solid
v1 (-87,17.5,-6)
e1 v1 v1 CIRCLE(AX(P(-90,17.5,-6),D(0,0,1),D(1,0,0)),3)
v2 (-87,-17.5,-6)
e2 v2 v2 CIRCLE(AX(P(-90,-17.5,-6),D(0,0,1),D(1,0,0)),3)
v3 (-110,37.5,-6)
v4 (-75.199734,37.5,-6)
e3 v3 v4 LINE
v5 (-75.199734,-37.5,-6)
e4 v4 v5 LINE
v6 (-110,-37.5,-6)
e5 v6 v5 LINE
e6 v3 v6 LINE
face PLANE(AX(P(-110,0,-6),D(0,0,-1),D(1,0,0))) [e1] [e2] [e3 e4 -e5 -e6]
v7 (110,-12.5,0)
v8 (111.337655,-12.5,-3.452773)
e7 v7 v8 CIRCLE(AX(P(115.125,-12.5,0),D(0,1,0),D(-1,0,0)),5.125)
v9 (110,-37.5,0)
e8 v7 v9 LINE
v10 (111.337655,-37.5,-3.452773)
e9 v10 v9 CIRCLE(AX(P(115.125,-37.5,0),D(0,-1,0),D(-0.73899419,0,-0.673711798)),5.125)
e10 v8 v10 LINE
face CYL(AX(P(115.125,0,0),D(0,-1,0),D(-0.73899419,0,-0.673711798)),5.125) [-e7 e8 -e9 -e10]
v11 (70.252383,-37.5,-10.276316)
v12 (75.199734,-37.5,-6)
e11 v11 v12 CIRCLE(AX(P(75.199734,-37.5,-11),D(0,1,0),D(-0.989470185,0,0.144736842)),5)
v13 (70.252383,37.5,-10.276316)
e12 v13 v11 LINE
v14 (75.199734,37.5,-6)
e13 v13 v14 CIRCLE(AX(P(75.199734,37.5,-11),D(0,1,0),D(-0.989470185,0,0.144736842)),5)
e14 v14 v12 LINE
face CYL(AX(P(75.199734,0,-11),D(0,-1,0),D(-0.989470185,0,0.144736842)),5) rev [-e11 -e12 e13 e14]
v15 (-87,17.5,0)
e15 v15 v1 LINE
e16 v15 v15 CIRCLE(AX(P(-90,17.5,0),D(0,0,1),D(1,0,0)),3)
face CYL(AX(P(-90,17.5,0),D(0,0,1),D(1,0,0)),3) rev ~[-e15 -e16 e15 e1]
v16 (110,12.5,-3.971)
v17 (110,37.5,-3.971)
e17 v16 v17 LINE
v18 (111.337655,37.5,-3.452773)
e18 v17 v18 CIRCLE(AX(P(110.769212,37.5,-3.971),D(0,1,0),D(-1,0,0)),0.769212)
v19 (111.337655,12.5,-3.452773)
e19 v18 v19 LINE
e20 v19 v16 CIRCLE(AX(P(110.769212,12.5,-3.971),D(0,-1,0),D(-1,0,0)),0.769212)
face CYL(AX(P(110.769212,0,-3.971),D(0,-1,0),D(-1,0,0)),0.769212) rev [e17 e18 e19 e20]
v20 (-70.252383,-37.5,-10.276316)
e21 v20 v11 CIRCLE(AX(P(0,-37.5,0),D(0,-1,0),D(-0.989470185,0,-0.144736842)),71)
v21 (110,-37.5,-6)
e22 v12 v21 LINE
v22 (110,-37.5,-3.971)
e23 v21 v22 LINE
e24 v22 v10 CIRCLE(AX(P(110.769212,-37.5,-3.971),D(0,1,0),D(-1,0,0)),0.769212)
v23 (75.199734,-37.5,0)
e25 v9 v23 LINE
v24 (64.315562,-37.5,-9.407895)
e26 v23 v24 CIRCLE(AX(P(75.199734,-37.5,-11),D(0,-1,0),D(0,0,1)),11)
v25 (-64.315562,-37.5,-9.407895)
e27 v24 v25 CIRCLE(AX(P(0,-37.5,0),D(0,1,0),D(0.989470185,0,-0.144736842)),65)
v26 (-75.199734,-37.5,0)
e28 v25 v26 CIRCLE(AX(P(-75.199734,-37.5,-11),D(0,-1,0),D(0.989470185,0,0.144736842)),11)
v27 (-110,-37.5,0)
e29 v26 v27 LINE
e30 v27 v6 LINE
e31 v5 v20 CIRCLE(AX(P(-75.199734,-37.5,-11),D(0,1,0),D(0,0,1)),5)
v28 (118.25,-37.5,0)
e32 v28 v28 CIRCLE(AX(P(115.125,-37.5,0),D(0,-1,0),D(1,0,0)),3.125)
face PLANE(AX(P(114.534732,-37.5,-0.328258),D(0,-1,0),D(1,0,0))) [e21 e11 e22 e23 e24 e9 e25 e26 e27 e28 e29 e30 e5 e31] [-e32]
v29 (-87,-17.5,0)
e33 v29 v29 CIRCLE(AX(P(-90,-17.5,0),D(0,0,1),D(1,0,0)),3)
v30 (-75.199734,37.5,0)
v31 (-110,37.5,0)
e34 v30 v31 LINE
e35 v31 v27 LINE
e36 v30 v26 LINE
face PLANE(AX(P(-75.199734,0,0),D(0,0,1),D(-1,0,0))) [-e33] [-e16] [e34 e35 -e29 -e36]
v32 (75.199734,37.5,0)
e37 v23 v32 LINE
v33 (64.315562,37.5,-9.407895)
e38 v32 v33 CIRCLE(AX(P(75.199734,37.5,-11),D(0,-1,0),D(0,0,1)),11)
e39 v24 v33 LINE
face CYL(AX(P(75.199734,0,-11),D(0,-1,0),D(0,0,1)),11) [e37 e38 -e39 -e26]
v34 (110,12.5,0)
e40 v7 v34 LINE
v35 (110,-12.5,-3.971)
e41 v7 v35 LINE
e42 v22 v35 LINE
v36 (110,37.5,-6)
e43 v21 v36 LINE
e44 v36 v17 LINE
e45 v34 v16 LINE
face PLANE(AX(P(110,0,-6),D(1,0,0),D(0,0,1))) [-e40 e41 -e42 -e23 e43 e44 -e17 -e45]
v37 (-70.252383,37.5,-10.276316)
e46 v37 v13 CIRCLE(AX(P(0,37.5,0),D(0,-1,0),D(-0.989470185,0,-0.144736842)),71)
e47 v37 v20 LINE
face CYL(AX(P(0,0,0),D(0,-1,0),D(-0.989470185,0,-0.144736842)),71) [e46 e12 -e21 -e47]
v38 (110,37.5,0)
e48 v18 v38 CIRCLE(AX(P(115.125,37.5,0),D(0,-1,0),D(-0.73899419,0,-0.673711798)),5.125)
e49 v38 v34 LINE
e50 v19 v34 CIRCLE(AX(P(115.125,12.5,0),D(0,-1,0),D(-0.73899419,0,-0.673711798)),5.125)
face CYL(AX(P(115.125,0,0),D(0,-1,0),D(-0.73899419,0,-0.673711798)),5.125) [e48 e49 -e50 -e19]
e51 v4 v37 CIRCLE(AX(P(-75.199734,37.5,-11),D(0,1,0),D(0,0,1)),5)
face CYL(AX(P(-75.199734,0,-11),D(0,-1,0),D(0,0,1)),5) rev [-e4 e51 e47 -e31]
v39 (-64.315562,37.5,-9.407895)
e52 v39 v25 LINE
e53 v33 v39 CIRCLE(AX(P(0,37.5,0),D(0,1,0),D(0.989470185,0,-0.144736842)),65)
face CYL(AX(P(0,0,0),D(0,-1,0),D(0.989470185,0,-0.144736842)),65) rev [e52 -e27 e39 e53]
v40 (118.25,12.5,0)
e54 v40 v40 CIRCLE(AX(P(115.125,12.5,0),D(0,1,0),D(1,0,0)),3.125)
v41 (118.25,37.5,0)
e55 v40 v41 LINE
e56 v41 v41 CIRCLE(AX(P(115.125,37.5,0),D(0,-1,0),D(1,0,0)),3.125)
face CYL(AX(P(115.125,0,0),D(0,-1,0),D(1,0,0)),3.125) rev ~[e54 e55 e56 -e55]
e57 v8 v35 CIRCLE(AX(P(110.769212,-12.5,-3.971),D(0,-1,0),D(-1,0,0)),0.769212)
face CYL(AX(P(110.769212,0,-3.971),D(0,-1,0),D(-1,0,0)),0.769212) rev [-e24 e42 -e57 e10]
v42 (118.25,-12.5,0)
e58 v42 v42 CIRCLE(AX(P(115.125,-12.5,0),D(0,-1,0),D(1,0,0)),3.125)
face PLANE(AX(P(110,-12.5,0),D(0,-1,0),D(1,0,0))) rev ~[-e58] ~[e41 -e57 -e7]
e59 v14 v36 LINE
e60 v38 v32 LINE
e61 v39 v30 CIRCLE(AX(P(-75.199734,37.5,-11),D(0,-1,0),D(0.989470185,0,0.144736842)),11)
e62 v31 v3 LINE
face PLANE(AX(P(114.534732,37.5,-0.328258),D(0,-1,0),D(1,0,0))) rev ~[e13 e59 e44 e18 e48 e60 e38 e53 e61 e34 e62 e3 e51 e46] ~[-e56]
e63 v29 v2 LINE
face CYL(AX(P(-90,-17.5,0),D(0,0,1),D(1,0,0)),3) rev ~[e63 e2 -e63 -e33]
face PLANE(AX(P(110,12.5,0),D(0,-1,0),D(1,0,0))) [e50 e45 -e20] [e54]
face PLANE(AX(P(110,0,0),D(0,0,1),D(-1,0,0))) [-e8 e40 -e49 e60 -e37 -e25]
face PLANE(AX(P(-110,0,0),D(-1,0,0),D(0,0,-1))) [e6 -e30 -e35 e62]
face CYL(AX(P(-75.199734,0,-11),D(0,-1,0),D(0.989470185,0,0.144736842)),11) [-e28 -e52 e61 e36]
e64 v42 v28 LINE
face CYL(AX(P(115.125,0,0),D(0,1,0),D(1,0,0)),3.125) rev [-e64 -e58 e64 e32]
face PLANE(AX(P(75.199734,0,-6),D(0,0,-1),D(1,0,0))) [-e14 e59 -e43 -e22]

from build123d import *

# Parameters (mm, degrees)
F1_DEPTH      = 37.5
F3_R          = 3.125
F4_DEPTH      = 37.5
F4_DEPTH_BACK = 37.5
F5_W          = 12.7266719937
F5_H          = 25
F6_DEPTH      = 71.001
F6_DEPTH_BACK = 5.126
F2_R          = 3
F7_DEPTH      = 71.001


with BuildPart() as f1:
    # F0 (on Front) → F1 (new body, symmetric)
    with BuildSketch(Plane.XZ):
        with BuildLine():
            ThreePointArc((64.3155620097, -9.4078947368), (0, -65), (-64.3155620097, -9.4078947368))
            ThreePointArc((-64.3155620097, -9.4078947368), (-68.0064440401, -2.6779462302), (-75.1997340421, 0))
            Line((-75.1997340421, 0), (-110, 0))
            Line((-110, 0), (-110, -6))
            Line((-110, -6), (-75.1997340421, -6))
            ThreePointArc((-75.1997340421, -6), (-71.9300567685, -7.2172482865), (-70.2523831183, -10.2763157895))
            ThreePointArc((-70.2523831183, -10.2763157895), (0, -71), (70.2523831183, -10.2763157895))
            ThreePointArc((70.2523831183, -10.2763157895), (71.9300567685, -7.2172482865), (75.1997340421, -6))
            Line((75.1997340421, -6), (110, -6))
            Line((110, -6), (110, 0))
            Line((110, 0), (75.1997340421, 0))
            ThreePointArc((75.1997340421, 0), (68.0064440401, -2.6779462302), (64.3155620097, -9.4078947368))
        make_face()
    extrude(amount=F1_DEPTH, both=True)

    # F3 (on Front) → F4 (join, two sides)
    with BuildSketch(Plane.XZ) as f4_sk:
        with BuildLine():
            ThreePointArc((110, -3.971), (110.4913325801, -3.253734436), (111.3376547749, -3.4527729648))
            ThreePointArc((111.3376547749, -3.4527729648), (119.9038999403, 1.851415772), (110, 0))
            Line((110, 0), (110, -3.971))
        make_face()
        with Locations((115.125, 0)):
            Circle(F3_R, mode=Mode.SUBTRACT)
    extrude(amount=F4_DEPTH)
    extrude(f4_sk.sketch, amount=-F4_DEPTH_BACK)

    # F5 (on Top) → F6 (cut, two sides)
    with BuildSketch(Plane.XY) as f6_sk:
        with Locations((116.3633359969, 0)):
            Rectangle(F5_W, F5_H)
    extrude(amount=-F6_DEPTH, mode=Mode.SUBTRACT)
    extrude(f6_sk.sketch, amount=F6_DEPTH_BACK, mode=Mode.SUBTRACT)

    # F2 (on face) → F7 (cut, through all)
    with BuildSketch(Plane.XY):
        with Locations((-90, 17.5)):
            Circle(F2_R)
        with Locations((-90, -17.5)):
            Circle(F2_R)
    extrude(amount=-F7_DEPTH, mode=Mode.SUBTRACT)


solid = f1.part
